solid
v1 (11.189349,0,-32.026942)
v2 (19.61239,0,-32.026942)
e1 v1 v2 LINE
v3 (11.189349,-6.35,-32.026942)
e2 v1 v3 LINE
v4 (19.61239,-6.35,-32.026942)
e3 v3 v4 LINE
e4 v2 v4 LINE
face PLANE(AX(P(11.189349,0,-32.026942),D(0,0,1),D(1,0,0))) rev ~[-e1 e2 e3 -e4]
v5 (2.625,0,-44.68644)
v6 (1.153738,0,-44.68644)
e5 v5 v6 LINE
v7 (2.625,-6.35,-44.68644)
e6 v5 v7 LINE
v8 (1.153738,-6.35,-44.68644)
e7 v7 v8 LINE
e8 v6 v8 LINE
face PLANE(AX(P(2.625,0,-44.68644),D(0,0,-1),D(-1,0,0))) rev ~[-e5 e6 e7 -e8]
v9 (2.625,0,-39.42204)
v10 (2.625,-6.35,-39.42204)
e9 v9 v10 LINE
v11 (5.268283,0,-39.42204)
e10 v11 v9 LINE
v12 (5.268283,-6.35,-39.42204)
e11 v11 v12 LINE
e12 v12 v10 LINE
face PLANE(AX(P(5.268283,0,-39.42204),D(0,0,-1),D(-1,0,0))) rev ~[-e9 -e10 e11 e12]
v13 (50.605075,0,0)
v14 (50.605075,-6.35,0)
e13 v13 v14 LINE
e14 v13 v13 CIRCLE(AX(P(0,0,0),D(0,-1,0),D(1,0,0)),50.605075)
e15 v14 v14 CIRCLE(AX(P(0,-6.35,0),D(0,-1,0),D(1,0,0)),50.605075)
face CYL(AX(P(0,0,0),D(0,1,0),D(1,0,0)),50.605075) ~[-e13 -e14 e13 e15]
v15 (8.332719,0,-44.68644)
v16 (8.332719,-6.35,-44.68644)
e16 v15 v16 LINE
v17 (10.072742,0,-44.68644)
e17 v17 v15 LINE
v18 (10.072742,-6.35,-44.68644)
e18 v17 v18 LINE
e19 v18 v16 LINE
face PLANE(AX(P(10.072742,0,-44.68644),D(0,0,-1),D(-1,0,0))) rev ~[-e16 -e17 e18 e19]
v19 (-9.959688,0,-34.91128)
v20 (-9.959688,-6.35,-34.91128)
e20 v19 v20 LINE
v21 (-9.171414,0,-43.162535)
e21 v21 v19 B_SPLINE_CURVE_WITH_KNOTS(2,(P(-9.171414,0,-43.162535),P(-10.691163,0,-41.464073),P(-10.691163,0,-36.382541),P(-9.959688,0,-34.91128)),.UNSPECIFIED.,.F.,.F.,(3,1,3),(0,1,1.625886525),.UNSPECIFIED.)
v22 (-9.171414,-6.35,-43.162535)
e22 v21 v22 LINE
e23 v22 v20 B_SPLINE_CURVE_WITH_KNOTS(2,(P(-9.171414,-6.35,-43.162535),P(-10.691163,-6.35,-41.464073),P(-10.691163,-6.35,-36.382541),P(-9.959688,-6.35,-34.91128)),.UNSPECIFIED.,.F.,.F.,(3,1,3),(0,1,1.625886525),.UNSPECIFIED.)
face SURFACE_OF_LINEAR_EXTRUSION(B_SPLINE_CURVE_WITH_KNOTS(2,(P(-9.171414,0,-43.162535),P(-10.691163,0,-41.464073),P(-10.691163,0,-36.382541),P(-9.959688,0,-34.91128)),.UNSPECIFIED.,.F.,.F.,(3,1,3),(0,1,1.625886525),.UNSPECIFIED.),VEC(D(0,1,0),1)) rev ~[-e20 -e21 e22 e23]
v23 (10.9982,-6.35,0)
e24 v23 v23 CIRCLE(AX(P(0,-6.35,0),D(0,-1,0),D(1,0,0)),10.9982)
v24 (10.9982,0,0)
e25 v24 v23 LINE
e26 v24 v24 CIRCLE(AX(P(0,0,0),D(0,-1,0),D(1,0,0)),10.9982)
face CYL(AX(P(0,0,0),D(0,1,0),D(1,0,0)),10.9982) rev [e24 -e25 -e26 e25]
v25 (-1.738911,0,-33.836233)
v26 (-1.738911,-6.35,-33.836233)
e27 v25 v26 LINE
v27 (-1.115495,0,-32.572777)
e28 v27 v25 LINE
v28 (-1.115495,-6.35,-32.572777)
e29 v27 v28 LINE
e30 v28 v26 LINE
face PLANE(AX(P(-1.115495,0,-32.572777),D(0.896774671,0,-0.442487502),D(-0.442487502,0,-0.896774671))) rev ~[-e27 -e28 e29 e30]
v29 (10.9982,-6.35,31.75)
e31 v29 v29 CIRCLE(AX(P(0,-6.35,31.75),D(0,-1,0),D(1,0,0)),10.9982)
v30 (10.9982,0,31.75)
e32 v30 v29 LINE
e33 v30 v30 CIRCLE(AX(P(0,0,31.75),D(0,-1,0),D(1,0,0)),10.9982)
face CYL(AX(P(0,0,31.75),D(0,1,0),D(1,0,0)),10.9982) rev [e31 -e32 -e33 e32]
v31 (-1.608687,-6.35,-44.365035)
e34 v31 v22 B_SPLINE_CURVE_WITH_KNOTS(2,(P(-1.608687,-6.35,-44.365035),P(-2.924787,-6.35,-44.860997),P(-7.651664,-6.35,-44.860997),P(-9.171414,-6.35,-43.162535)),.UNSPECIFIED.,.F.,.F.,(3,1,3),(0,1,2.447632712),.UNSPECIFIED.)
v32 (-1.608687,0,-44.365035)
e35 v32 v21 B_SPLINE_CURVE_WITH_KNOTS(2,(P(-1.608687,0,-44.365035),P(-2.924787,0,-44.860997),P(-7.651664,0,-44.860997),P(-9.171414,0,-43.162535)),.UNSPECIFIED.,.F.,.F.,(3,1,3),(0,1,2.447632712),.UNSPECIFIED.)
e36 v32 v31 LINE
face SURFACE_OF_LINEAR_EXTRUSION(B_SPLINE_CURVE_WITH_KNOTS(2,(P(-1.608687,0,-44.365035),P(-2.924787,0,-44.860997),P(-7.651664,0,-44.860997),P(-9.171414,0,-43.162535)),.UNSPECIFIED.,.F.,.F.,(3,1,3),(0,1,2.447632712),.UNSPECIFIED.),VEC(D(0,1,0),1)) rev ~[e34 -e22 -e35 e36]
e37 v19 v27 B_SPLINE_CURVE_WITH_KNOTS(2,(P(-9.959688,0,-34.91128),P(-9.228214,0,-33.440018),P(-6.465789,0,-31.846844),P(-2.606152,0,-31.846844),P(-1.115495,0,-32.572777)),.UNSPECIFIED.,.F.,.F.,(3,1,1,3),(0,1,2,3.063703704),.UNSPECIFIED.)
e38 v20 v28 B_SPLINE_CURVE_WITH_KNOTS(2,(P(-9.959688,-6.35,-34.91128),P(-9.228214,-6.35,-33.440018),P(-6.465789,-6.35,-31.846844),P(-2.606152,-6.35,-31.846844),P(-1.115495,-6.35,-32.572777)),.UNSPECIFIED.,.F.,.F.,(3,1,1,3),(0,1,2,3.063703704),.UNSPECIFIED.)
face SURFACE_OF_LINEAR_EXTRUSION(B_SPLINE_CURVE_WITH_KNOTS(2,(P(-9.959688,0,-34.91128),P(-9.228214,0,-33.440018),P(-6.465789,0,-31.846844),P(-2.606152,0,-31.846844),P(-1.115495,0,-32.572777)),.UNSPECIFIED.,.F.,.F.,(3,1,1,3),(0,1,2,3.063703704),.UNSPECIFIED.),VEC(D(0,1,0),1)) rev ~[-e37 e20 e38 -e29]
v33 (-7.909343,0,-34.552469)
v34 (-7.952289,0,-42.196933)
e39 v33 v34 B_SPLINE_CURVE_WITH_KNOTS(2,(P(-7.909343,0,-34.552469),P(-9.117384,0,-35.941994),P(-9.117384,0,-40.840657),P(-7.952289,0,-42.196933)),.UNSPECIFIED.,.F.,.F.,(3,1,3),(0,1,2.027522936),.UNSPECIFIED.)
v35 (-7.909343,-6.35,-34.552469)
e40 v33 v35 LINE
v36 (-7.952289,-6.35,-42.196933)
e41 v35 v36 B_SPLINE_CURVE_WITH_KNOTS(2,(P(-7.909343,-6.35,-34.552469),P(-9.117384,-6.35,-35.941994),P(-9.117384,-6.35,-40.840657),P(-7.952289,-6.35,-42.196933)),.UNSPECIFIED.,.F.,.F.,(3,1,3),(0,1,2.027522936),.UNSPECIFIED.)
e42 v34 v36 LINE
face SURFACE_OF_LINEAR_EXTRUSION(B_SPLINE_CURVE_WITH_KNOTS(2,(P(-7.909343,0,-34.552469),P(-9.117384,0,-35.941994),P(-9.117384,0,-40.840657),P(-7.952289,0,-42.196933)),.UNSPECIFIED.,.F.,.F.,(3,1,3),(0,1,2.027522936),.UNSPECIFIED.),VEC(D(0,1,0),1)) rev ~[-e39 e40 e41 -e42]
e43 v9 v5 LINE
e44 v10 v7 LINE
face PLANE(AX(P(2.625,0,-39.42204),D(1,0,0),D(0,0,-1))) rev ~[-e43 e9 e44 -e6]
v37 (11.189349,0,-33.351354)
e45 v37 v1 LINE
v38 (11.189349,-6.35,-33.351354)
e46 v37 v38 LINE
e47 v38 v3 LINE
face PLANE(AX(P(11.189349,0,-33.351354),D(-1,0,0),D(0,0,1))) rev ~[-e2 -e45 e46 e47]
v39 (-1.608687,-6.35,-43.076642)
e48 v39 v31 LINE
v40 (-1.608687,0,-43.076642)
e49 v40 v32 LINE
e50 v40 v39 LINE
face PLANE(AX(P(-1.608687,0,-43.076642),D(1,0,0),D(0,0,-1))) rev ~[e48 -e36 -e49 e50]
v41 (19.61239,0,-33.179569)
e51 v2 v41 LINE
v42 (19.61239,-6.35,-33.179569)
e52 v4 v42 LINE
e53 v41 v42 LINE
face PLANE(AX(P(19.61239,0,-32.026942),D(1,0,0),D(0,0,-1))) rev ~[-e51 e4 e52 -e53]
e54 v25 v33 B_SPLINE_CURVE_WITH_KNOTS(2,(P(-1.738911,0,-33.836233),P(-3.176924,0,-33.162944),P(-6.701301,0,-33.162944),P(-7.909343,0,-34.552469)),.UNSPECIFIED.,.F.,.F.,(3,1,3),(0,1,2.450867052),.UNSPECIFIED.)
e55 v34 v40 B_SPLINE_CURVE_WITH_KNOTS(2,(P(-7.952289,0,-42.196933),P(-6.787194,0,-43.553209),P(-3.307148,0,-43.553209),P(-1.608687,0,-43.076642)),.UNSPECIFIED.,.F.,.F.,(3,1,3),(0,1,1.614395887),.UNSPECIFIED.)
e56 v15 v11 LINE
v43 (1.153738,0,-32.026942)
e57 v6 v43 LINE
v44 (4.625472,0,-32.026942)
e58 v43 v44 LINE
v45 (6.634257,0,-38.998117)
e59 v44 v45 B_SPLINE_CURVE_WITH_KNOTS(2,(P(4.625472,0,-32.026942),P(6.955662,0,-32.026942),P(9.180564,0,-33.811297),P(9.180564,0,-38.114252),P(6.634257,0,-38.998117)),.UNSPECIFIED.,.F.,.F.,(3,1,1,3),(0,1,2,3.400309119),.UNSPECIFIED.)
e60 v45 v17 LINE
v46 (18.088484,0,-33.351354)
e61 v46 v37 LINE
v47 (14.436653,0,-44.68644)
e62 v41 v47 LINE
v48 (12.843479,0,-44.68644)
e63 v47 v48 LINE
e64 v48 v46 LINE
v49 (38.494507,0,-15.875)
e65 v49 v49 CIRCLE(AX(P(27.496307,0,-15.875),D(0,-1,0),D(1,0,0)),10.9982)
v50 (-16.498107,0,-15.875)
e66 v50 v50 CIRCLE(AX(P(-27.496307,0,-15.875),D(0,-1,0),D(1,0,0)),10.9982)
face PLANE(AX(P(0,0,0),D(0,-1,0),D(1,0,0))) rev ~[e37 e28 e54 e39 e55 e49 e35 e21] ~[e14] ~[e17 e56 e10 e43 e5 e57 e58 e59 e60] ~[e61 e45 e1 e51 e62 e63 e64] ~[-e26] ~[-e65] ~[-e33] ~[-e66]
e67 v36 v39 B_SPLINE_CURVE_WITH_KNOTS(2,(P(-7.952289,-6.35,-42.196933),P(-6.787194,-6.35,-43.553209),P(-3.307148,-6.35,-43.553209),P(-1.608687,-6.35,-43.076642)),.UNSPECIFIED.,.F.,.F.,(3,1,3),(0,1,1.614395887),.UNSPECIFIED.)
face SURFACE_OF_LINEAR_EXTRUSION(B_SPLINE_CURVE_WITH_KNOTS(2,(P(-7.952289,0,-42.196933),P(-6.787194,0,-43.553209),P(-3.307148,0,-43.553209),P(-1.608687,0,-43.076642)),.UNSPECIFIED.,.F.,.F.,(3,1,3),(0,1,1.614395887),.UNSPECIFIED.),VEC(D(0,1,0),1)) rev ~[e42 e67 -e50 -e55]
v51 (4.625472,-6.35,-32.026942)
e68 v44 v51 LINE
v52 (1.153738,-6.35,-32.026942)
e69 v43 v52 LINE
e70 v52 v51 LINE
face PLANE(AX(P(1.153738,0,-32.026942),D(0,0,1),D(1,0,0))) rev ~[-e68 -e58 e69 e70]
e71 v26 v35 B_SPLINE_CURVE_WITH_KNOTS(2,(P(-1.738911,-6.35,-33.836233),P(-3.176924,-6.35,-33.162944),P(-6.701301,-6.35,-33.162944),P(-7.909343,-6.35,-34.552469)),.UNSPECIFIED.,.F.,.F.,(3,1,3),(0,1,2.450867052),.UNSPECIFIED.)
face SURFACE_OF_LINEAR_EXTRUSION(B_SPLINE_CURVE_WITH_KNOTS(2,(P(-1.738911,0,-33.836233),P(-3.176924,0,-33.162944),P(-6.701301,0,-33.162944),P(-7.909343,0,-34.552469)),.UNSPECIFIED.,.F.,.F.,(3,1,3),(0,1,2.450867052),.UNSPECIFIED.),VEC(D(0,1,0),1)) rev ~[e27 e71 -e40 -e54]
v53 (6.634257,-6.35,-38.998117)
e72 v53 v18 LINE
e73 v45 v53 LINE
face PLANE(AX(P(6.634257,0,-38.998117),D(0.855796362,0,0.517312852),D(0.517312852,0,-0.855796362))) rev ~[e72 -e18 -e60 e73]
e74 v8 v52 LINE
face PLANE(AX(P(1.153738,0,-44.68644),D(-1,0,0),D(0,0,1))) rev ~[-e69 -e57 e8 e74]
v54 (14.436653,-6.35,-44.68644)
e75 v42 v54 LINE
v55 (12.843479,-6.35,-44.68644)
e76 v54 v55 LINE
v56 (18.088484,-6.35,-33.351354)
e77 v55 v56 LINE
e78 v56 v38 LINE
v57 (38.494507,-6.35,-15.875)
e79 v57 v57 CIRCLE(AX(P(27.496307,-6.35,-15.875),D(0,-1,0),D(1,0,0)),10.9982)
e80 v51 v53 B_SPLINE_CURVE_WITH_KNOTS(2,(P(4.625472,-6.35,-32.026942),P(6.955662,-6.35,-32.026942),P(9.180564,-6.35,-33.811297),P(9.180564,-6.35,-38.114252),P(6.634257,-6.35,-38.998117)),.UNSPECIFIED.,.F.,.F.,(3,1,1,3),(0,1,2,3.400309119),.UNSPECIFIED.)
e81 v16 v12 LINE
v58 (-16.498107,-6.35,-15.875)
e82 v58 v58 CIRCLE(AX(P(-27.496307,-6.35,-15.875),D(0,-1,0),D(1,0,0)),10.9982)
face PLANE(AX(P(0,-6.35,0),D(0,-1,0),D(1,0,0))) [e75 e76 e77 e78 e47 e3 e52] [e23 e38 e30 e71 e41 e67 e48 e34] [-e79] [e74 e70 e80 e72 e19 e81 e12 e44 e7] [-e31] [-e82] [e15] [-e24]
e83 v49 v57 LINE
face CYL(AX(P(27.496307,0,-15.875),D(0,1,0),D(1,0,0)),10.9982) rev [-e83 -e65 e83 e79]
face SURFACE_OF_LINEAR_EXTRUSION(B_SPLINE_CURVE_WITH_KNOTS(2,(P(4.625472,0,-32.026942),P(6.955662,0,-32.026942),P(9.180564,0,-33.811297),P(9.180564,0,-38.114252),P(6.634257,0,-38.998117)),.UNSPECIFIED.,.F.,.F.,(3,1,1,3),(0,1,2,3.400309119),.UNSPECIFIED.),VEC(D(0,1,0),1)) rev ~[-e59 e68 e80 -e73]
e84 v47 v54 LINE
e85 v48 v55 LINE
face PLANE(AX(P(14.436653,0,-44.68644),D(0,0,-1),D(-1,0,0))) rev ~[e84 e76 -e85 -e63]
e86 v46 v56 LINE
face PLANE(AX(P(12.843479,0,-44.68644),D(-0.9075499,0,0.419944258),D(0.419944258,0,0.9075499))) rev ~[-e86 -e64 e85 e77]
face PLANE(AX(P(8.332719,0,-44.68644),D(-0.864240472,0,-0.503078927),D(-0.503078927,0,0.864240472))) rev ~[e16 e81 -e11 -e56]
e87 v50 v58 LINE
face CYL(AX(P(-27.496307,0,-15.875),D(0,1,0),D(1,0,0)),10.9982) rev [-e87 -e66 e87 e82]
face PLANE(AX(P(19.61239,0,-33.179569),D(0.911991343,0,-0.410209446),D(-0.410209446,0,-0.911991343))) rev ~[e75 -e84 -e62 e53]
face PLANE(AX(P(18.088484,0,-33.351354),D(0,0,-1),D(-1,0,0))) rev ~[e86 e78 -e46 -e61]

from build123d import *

# Parameters (mm, degrees)
F1_R     = 50.6050754874
F2_DEPTH = 6.35
F0_R     = 10.9982
F3_DEPTH = 6.35


with BuildPart() as f2:
    # F1 (on Front) → F2 (new body)
    with BuildSketch(Plane.XZ):
        Circle(F1_R)
        with BuildLine():
            add(Edge.make_bspline(
                [(-1.7389111535, -33.8362334716), (-3.1769237644, -33.1629443301), (-4.6149363754, -33.1629443301)],
                knots=[0, 0, 0, 1, 1, 1], degree=2))
            add(Edge.make_bspline(
                [(-4.6149363754, -33.1629443301), (-6.7013014931, -33.1629443301), (-7.9093429158, -34.5524690399)],
                knots=[0, 0, 0, 1, 1, 1], degree=2))
            add(Edge.make_bspline(
                [(-7.9093429158, -34.5524690399), (-9.1173843385, -35.9419937498), (-9.1173843385, -38.3580765952)],
                knots=[0, 0, 0, 1, 1, 1], degree=2))
            add(Edge.make_bspline(
                [(-9.1173843385, -38.3580765952), (-9.1173843385, -40.8406571336), (-7.9522893425, -42.196932997)],
                knots=[0, 0, 0, 1, 1, 1], degree=2))
            add(Edge.make_bspline(
                [(-7.9522893425, -42.196932997), (-6.7871943465, -43.5532088603), (-4.6315607987, -43.5532088603)],
                knots=[0, 0, 0, 1, 1, 1], degree=2))
            add(Edge.make_bspline(
                [(-4.6315607987, -43.5532088603), (-3.3071484132, -43.5532088603), (-1.6086865047, -43.0766420605)],
                knots=[0, 0, 0, 1, 1, 1], degree=2))
            Line((-1.6086865047, -43.0766420605), (-1.6086865047, -44.3650348623))
            add(Edge.make_bspline(
                [(-1.6086865047, -44.3650348623), (-2.9247866785, -44.8609968225), (-4.8559905125, -44.8609968225)],
                knots=[0, 0, 0, 1, 1, 1], degree=2))
            add(Edge.make_bspline(
                [(-4.8559905125, -44.8609968225), (-7.6516643555, -44.8609968225), (-9.1714137141, -43.162534914)],
                knots=[0, 0, 0, 1, 1, 1], degree=2))
            add(Edge.make_bspline(
                [(-9.1714137141, -43.162534914), (-10.6911630727, -41.4640730054), (-10.6911630727, -38.3386814348)],
                knots=[0, 0, 0, 1, 1, 1], degree=2))
            add(Edge.make_bspline(
                [(-10.6911630727, -38.3386814348), (-10.6911630727, -36.3825409659), (-9.9596884498, -34.9112795084)],
                knots=[0, 0, 0, 1, 1, 1], degree=2))
            add(Edge.make_bspline(
                [(-9.9596884498, -34.9112795084), (-9.2282138268, -33.4400180509), (-7.8470013286, -32.6434311036)],
                knots=[0, 0, 0, 1, 1, 1], degree=2))
            add(Edge.make_bspline(
                [(-7.8470013286, -32.6434311036), (-6.4657888304, -31.8468441563), (-4.595541215, -31.8468441563)],
                knots=[0, 0, 0, 1, 1, 1], degree=2))
            add(Edge.make_bspline(
                [(-4.595541215, -31.8468441563), (-2.6061518996, -31.8468441563), (-1.1154952816, -32.5727773048)],
                knots=[0, 0, 0, 1, 1, 1], degree=2))
            Line((-1.1154952816, -32.5727773048), (-1.7389111535, -33.8362334716))
        make_face(mode=Mode.SUBTRACT)
        with BuildLine():
            Line((5.2682832457, -39.4220396831), (2.6249999492, -39.4220396831))
            Line((2.6249999492, -39.4220396831), (2.6249999492, -44.6864403784))
            Line((2.6249999492, -44.6864403784), (1.1537384918, -44.6864403784))
            Line((1.1537384918, -44.6864403784), (1.1537384918, -32.0269420748))
            Line((1.1537384918, -32.0269420748), (4.6254722135, -32.0269420748))
            add(Edge.make_bspline(
                [(4.6254722135, -32.0269420748), (6.9556622055, -32.0269420748), (8.0681131945, -32.9191194558)],
                knots=[0, 0, 0, 1, 1, 1], degree=2))
            add(Edge.make_bspline(
                [(8.0681131945, -32.9191194558), (9.1805641835, -33.8112968368), (9.1805641835, -35.6039638104)],
                knots=[0, 0, 0, 1, 1, 1], degree=2))
            add(Edge.make_bspline(
                [(9.1805641835, -35.6039638104), (9.1805641835, -38.1142517209), (6.6342566893, -38.9981168903)],
                knots=[0, 0, 0, 1, 1, 1], degree=2))
            Line((6.6342566893, -38.9981168903), (10.0727415645, -44.6864403784))
            Line((10.0727415645, -44.6864403784), (8.3327185979, -44.6864403784))
            Line((8.3327185979, -44.6864403784), (5.2682832457, -39.4220396831))
        make_face(mode=Mode.SUBTRACT)
        Polygon((14.4366526672, -44.6864403784), (12.8434787726, -44.6864403784), (18.0884843075, -33.3513544602), (11.1893486594, -33.3513544602), (11.1893486594, -32.0269420748), (19.6123897719, -32.0269420748), (19.6123897719, -33.1795687533), align=None, mode=Mode.SUBTRACT)
    extrude(amount=F2_DEPTH)

    # F0 (on Front) → F3 (cut)
    with BuildSketch(Plane.XZ):
        with Locations((0, 31.75)):
            Circle(F0_R)
        Circle(F0_R)
        with Locations((-27.4963065702, -15.875)):
            Circle(F0_R)
        with Locations((27.4963065702, -15.875)):
            Circle(F0_R)
    extrude(amount=F3_DEPTH, mode=Mode.SUBTRACT)


solid = f2.part
